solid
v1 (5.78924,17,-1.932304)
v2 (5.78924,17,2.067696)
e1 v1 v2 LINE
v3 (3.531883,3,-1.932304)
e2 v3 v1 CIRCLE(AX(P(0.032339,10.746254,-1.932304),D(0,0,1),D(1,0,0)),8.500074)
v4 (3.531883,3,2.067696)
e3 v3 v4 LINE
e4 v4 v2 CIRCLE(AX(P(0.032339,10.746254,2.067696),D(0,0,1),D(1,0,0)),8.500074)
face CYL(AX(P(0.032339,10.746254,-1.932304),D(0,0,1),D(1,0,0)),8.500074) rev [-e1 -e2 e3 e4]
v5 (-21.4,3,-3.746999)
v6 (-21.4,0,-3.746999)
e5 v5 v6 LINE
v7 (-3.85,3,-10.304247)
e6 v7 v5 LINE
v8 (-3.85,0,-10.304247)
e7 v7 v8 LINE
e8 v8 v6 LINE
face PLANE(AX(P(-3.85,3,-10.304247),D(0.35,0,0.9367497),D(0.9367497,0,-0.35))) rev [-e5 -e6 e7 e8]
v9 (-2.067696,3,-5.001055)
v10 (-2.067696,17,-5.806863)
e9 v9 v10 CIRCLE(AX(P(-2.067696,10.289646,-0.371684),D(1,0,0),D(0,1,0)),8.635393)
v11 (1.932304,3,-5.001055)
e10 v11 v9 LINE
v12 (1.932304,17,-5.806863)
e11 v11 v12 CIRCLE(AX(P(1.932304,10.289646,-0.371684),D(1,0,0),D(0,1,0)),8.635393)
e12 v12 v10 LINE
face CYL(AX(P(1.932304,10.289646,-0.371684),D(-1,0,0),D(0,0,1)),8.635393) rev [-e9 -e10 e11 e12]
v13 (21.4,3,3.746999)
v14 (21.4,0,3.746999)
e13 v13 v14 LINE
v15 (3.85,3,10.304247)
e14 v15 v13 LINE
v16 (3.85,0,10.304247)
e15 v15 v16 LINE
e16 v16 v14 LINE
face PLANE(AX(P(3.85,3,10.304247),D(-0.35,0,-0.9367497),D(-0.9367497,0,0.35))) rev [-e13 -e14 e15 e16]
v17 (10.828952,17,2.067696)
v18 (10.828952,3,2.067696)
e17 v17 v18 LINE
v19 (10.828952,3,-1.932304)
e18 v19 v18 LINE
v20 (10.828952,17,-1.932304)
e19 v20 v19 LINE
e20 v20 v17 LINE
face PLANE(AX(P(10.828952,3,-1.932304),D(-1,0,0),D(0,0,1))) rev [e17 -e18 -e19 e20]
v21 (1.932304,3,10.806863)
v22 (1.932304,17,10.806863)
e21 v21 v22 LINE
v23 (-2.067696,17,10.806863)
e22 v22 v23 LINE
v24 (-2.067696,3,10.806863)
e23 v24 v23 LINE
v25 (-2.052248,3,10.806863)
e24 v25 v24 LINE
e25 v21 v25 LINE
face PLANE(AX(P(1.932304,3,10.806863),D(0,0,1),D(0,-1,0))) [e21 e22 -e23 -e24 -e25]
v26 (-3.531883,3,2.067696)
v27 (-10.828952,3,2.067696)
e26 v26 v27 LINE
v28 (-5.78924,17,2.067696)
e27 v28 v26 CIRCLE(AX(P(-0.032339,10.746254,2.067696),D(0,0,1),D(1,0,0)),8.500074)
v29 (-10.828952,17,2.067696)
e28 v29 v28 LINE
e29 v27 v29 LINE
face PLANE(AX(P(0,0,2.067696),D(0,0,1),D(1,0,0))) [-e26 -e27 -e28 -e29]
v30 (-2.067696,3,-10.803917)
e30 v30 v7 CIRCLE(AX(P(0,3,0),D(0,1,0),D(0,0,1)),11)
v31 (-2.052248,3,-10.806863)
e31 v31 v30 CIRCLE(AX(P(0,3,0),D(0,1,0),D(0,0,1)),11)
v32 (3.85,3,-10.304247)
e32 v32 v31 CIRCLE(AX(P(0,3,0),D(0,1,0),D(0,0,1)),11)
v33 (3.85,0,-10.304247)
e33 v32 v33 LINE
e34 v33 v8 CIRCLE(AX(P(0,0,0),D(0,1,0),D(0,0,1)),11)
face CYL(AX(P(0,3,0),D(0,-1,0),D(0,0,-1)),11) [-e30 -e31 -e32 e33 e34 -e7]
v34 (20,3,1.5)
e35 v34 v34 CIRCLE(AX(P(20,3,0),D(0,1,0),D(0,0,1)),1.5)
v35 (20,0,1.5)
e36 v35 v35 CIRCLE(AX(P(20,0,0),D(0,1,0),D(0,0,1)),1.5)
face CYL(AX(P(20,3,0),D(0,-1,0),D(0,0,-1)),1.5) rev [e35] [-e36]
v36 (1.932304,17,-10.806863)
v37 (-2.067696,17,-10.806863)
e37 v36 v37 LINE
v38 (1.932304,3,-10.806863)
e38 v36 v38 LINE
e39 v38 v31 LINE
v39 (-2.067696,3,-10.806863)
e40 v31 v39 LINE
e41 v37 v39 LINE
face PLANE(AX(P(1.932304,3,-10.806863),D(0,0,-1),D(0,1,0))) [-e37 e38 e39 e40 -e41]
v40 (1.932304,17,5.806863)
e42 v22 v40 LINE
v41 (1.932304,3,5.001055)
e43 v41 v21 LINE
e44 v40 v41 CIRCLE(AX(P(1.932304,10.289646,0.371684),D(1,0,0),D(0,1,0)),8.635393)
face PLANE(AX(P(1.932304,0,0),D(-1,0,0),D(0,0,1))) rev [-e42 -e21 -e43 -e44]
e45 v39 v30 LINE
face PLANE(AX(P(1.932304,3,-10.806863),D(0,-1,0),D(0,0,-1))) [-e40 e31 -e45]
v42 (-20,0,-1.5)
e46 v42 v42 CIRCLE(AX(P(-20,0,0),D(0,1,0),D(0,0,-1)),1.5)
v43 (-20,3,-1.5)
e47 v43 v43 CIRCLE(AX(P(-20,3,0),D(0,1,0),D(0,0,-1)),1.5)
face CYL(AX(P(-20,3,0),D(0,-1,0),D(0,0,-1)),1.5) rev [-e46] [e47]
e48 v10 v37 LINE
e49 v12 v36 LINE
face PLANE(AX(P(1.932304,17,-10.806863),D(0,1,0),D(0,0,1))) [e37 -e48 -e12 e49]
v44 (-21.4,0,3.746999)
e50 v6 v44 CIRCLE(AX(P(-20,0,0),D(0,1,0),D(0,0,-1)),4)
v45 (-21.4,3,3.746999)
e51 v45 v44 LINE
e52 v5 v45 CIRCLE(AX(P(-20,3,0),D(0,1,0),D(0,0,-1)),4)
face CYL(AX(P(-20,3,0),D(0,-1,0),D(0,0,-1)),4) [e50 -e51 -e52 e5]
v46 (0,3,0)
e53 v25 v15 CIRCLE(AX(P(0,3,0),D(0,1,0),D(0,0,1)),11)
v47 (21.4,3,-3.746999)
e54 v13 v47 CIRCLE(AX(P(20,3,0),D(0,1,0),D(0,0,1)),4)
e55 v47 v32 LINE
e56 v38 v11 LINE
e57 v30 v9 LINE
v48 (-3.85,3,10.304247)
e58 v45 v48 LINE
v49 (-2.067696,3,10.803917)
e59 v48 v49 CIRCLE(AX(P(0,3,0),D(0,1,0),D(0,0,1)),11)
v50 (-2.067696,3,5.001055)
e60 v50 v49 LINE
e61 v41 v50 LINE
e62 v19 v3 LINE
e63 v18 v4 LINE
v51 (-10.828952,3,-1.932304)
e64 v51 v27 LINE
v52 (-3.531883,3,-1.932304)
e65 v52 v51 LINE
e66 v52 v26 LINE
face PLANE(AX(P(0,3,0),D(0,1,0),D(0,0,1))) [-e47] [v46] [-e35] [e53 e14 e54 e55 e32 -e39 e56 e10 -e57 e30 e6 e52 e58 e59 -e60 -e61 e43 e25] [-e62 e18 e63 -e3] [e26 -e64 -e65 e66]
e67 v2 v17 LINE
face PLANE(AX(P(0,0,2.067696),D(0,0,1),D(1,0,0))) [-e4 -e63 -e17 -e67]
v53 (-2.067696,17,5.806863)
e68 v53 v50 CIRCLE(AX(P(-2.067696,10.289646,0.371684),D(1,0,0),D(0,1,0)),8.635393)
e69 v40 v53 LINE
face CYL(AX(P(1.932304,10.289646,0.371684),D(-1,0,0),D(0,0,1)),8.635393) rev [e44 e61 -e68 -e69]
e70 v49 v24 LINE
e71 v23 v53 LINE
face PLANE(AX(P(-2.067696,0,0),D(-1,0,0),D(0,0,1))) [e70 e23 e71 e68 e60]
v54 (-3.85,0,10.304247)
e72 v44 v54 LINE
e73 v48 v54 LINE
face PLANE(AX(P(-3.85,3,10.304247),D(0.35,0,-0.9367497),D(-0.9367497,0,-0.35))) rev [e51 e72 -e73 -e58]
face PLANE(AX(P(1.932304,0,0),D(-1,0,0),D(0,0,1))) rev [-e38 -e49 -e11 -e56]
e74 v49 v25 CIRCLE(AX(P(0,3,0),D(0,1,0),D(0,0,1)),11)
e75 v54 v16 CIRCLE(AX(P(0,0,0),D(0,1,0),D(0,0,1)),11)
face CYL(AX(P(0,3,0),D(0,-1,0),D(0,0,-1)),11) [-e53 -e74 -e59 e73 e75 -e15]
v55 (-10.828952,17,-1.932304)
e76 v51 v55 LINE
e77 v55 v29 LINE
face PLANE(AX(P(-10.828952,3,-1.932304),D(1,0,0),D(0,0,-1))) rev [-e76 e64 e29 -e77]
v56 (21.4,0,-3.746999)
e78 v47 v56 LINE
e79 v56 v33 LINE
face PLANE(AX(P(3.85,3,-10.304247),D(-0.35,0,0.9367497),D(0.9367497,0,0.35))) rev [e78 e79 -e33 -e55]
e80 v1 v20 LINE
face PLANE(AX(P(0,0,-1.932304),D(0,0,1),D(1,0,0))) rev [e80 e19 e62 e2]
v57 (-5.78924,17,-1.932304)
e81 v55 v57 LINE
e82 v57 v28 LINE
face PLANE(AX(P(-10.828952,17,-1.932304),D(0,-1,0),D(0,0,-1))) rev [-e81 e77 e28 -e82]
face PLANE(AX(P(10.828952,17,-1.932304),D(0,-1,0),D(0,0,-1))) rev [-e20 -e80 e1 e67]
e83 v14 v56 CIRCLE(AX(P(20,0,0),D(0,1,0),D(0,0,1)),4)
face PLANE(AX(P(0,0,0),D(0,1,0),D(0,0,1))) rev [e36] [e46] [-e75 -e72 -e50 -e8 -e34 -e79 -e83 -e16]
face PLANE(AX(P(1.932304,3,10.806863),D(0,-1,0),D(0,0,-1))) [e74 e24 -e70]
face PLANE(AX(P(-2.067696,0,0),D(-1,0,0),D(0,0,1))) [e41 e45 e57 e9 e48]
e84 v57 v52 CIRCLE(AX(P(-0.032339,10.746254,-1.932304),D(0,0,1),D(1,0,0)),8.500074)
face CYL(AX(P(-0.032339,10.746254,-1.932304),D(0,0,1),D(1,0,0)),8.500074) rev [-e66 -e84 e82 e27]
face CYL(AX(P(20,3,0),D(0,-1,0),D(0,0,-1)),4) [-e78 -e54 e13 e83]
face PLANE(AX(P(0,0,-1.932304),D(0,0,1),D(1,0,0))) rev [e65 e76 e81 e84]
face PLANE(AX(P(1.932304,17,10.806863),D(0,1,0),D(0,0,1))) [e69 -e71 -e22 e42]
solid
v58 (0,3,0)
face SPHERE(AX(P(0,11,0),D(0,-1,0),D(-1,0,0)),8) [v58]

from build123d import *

# Parameters (mm, degrees)
CROQUIS1_R              = 1.5
SALIENTE_EXTRUIR1_DEPTH = 3
SALIENTE_EXTRUIR2_DEPTH = 4
SALIENTE_EXTRUIR3_DEPTH = 4


with BuildPart() as part:
    # Croquis1 → Saliente-Extruir1 (new body)
    with BuildSketch(Plane(origin=(0, 0, 0), x_dir=(1, 0, 0), z_dir=(0, 1, 0))):
        with BuildLine():
            Line((3.85, 10.304246697), (21.4, 3.746998799))
            ThreePointArc((21.4, 3.746998799), (24, 0), (21.4, -3.746998799))
            Line((21.4, -3.746998799), (3.85, -10.304246697))
            ThreePointArc((3.85, -10.304246697), (0, -11), (-3.85, -10.304246697))
            Line((-3.85, -10.304246697), (-21.4, -3.746998799))
            ThreePointArc((-21.4, -3.746998799), (-24, 0), (-21.4, 3.746998799))
            Line((-21.4, 3.746998799), (-3.85, 10.304246697))
            ThreePointArc((-3.85, 10.304246697), (0, 11), (3.85, 10.304246697))
        make_face()
        with Locations(Location((20, 0, 0), (0, 0, 270))):
            Circle(CROQUIS1_R, mode=Mode.SUBTRACT)
        with Locations(Location((-20, 0, 0), (0, 0, 90))):
            Circle(CROQUIS1_R, mode=Mode.SUBTRACT)
    extrude(amount=SALIENTE_EXTRUIR1_DEPTH)

    # Croquis3D1 → Saliente-Extruir2 (add)
    with BuildSketch(Plane(origin=(1.93230371, 3, -10.806862588), x_dir=(0, 0.5436521731456766, 0.8393106186829661), z_dir=(-1, 0, 0))):
        with BuildLine():
            Line((0, 0), (7.611130424, 11.750348662))
            Line((7.611130424, 11.750348662), (11.807683517, 9.032087796))
            ThreePointArc((11.807683517, 9.032087796), (5.215820101, 4.715586782), (4.872876352, -3.156340167))
            Line((4.872876352, -3.156340167), (0, 0))
        make_face()
        with BuildLine():
            Line((18.140629049, -11.750348662), (13.267752697, -8.594008495))
            ThreePointArc((13.267752697, -8.594008495), (20.311339254, -5.06233287), (21.55520638, 2.718260866))
            Line((21.55520638, 2.718260866), (25.751759473, 0))
            Line((25.751759473, 0), (18.140629049, -11.750348662))
        make_face()
    extrude(amount=SALIENTE_EXTRUIR2_DEPTH)

    # Croquis3D2 → Saliente-Extruir3 (add)
    with BuildSketch(Plane(origin=(10.828952044, 3, -1.93230371), x_dir=(-0.8398165749256806, 0.5428702611859474, 0), z_dir=(0, 0, -1))):
        with BuildLine():
            Line((0, 0), (7.600183657, 11.757432049))
            Line((7.600183657, 11.757432049), (11.832617517, 9.021522156))
            ThreePointArc((11.832617517, 9.021522156), (5.490362337, 4.063536139), (6.128199812, -3.961361959))
            Line((6.128199812, -3.961361959), (0, 0))
        make_face()
        with BuildLine():
            Line((18.188666831, -11.757432049), (12.060467019, -7.79607009))
            ThreePointArc((12.060467019, -7.79607009), (19.639638477, -5.082772071), (21.556416627, 2.735909893))
            Line((21.556416627, 2.735909893), (25.788850488, 0))
            Line((25.788850488, 0), (18.188666831, -11.757432049))
        make_face()
    extrude(amount=-SALIENTE_EXTRUIR3_DEPTH)


with BuildPart() as body_2:
    # Croquis3 → Revolución1 (revolve)
    with BuildSketch(Plane.XY):
        with BuildLine():
            Line((0, 3), (0, 19))
            ThreePointArc((0, 19), (-8, 11), (0, 3))
        make_face()
    revolve(axis=Axis((0, 3, 0), (0, 1, 0)))


solid = Compound([part.part, body_2.part])
